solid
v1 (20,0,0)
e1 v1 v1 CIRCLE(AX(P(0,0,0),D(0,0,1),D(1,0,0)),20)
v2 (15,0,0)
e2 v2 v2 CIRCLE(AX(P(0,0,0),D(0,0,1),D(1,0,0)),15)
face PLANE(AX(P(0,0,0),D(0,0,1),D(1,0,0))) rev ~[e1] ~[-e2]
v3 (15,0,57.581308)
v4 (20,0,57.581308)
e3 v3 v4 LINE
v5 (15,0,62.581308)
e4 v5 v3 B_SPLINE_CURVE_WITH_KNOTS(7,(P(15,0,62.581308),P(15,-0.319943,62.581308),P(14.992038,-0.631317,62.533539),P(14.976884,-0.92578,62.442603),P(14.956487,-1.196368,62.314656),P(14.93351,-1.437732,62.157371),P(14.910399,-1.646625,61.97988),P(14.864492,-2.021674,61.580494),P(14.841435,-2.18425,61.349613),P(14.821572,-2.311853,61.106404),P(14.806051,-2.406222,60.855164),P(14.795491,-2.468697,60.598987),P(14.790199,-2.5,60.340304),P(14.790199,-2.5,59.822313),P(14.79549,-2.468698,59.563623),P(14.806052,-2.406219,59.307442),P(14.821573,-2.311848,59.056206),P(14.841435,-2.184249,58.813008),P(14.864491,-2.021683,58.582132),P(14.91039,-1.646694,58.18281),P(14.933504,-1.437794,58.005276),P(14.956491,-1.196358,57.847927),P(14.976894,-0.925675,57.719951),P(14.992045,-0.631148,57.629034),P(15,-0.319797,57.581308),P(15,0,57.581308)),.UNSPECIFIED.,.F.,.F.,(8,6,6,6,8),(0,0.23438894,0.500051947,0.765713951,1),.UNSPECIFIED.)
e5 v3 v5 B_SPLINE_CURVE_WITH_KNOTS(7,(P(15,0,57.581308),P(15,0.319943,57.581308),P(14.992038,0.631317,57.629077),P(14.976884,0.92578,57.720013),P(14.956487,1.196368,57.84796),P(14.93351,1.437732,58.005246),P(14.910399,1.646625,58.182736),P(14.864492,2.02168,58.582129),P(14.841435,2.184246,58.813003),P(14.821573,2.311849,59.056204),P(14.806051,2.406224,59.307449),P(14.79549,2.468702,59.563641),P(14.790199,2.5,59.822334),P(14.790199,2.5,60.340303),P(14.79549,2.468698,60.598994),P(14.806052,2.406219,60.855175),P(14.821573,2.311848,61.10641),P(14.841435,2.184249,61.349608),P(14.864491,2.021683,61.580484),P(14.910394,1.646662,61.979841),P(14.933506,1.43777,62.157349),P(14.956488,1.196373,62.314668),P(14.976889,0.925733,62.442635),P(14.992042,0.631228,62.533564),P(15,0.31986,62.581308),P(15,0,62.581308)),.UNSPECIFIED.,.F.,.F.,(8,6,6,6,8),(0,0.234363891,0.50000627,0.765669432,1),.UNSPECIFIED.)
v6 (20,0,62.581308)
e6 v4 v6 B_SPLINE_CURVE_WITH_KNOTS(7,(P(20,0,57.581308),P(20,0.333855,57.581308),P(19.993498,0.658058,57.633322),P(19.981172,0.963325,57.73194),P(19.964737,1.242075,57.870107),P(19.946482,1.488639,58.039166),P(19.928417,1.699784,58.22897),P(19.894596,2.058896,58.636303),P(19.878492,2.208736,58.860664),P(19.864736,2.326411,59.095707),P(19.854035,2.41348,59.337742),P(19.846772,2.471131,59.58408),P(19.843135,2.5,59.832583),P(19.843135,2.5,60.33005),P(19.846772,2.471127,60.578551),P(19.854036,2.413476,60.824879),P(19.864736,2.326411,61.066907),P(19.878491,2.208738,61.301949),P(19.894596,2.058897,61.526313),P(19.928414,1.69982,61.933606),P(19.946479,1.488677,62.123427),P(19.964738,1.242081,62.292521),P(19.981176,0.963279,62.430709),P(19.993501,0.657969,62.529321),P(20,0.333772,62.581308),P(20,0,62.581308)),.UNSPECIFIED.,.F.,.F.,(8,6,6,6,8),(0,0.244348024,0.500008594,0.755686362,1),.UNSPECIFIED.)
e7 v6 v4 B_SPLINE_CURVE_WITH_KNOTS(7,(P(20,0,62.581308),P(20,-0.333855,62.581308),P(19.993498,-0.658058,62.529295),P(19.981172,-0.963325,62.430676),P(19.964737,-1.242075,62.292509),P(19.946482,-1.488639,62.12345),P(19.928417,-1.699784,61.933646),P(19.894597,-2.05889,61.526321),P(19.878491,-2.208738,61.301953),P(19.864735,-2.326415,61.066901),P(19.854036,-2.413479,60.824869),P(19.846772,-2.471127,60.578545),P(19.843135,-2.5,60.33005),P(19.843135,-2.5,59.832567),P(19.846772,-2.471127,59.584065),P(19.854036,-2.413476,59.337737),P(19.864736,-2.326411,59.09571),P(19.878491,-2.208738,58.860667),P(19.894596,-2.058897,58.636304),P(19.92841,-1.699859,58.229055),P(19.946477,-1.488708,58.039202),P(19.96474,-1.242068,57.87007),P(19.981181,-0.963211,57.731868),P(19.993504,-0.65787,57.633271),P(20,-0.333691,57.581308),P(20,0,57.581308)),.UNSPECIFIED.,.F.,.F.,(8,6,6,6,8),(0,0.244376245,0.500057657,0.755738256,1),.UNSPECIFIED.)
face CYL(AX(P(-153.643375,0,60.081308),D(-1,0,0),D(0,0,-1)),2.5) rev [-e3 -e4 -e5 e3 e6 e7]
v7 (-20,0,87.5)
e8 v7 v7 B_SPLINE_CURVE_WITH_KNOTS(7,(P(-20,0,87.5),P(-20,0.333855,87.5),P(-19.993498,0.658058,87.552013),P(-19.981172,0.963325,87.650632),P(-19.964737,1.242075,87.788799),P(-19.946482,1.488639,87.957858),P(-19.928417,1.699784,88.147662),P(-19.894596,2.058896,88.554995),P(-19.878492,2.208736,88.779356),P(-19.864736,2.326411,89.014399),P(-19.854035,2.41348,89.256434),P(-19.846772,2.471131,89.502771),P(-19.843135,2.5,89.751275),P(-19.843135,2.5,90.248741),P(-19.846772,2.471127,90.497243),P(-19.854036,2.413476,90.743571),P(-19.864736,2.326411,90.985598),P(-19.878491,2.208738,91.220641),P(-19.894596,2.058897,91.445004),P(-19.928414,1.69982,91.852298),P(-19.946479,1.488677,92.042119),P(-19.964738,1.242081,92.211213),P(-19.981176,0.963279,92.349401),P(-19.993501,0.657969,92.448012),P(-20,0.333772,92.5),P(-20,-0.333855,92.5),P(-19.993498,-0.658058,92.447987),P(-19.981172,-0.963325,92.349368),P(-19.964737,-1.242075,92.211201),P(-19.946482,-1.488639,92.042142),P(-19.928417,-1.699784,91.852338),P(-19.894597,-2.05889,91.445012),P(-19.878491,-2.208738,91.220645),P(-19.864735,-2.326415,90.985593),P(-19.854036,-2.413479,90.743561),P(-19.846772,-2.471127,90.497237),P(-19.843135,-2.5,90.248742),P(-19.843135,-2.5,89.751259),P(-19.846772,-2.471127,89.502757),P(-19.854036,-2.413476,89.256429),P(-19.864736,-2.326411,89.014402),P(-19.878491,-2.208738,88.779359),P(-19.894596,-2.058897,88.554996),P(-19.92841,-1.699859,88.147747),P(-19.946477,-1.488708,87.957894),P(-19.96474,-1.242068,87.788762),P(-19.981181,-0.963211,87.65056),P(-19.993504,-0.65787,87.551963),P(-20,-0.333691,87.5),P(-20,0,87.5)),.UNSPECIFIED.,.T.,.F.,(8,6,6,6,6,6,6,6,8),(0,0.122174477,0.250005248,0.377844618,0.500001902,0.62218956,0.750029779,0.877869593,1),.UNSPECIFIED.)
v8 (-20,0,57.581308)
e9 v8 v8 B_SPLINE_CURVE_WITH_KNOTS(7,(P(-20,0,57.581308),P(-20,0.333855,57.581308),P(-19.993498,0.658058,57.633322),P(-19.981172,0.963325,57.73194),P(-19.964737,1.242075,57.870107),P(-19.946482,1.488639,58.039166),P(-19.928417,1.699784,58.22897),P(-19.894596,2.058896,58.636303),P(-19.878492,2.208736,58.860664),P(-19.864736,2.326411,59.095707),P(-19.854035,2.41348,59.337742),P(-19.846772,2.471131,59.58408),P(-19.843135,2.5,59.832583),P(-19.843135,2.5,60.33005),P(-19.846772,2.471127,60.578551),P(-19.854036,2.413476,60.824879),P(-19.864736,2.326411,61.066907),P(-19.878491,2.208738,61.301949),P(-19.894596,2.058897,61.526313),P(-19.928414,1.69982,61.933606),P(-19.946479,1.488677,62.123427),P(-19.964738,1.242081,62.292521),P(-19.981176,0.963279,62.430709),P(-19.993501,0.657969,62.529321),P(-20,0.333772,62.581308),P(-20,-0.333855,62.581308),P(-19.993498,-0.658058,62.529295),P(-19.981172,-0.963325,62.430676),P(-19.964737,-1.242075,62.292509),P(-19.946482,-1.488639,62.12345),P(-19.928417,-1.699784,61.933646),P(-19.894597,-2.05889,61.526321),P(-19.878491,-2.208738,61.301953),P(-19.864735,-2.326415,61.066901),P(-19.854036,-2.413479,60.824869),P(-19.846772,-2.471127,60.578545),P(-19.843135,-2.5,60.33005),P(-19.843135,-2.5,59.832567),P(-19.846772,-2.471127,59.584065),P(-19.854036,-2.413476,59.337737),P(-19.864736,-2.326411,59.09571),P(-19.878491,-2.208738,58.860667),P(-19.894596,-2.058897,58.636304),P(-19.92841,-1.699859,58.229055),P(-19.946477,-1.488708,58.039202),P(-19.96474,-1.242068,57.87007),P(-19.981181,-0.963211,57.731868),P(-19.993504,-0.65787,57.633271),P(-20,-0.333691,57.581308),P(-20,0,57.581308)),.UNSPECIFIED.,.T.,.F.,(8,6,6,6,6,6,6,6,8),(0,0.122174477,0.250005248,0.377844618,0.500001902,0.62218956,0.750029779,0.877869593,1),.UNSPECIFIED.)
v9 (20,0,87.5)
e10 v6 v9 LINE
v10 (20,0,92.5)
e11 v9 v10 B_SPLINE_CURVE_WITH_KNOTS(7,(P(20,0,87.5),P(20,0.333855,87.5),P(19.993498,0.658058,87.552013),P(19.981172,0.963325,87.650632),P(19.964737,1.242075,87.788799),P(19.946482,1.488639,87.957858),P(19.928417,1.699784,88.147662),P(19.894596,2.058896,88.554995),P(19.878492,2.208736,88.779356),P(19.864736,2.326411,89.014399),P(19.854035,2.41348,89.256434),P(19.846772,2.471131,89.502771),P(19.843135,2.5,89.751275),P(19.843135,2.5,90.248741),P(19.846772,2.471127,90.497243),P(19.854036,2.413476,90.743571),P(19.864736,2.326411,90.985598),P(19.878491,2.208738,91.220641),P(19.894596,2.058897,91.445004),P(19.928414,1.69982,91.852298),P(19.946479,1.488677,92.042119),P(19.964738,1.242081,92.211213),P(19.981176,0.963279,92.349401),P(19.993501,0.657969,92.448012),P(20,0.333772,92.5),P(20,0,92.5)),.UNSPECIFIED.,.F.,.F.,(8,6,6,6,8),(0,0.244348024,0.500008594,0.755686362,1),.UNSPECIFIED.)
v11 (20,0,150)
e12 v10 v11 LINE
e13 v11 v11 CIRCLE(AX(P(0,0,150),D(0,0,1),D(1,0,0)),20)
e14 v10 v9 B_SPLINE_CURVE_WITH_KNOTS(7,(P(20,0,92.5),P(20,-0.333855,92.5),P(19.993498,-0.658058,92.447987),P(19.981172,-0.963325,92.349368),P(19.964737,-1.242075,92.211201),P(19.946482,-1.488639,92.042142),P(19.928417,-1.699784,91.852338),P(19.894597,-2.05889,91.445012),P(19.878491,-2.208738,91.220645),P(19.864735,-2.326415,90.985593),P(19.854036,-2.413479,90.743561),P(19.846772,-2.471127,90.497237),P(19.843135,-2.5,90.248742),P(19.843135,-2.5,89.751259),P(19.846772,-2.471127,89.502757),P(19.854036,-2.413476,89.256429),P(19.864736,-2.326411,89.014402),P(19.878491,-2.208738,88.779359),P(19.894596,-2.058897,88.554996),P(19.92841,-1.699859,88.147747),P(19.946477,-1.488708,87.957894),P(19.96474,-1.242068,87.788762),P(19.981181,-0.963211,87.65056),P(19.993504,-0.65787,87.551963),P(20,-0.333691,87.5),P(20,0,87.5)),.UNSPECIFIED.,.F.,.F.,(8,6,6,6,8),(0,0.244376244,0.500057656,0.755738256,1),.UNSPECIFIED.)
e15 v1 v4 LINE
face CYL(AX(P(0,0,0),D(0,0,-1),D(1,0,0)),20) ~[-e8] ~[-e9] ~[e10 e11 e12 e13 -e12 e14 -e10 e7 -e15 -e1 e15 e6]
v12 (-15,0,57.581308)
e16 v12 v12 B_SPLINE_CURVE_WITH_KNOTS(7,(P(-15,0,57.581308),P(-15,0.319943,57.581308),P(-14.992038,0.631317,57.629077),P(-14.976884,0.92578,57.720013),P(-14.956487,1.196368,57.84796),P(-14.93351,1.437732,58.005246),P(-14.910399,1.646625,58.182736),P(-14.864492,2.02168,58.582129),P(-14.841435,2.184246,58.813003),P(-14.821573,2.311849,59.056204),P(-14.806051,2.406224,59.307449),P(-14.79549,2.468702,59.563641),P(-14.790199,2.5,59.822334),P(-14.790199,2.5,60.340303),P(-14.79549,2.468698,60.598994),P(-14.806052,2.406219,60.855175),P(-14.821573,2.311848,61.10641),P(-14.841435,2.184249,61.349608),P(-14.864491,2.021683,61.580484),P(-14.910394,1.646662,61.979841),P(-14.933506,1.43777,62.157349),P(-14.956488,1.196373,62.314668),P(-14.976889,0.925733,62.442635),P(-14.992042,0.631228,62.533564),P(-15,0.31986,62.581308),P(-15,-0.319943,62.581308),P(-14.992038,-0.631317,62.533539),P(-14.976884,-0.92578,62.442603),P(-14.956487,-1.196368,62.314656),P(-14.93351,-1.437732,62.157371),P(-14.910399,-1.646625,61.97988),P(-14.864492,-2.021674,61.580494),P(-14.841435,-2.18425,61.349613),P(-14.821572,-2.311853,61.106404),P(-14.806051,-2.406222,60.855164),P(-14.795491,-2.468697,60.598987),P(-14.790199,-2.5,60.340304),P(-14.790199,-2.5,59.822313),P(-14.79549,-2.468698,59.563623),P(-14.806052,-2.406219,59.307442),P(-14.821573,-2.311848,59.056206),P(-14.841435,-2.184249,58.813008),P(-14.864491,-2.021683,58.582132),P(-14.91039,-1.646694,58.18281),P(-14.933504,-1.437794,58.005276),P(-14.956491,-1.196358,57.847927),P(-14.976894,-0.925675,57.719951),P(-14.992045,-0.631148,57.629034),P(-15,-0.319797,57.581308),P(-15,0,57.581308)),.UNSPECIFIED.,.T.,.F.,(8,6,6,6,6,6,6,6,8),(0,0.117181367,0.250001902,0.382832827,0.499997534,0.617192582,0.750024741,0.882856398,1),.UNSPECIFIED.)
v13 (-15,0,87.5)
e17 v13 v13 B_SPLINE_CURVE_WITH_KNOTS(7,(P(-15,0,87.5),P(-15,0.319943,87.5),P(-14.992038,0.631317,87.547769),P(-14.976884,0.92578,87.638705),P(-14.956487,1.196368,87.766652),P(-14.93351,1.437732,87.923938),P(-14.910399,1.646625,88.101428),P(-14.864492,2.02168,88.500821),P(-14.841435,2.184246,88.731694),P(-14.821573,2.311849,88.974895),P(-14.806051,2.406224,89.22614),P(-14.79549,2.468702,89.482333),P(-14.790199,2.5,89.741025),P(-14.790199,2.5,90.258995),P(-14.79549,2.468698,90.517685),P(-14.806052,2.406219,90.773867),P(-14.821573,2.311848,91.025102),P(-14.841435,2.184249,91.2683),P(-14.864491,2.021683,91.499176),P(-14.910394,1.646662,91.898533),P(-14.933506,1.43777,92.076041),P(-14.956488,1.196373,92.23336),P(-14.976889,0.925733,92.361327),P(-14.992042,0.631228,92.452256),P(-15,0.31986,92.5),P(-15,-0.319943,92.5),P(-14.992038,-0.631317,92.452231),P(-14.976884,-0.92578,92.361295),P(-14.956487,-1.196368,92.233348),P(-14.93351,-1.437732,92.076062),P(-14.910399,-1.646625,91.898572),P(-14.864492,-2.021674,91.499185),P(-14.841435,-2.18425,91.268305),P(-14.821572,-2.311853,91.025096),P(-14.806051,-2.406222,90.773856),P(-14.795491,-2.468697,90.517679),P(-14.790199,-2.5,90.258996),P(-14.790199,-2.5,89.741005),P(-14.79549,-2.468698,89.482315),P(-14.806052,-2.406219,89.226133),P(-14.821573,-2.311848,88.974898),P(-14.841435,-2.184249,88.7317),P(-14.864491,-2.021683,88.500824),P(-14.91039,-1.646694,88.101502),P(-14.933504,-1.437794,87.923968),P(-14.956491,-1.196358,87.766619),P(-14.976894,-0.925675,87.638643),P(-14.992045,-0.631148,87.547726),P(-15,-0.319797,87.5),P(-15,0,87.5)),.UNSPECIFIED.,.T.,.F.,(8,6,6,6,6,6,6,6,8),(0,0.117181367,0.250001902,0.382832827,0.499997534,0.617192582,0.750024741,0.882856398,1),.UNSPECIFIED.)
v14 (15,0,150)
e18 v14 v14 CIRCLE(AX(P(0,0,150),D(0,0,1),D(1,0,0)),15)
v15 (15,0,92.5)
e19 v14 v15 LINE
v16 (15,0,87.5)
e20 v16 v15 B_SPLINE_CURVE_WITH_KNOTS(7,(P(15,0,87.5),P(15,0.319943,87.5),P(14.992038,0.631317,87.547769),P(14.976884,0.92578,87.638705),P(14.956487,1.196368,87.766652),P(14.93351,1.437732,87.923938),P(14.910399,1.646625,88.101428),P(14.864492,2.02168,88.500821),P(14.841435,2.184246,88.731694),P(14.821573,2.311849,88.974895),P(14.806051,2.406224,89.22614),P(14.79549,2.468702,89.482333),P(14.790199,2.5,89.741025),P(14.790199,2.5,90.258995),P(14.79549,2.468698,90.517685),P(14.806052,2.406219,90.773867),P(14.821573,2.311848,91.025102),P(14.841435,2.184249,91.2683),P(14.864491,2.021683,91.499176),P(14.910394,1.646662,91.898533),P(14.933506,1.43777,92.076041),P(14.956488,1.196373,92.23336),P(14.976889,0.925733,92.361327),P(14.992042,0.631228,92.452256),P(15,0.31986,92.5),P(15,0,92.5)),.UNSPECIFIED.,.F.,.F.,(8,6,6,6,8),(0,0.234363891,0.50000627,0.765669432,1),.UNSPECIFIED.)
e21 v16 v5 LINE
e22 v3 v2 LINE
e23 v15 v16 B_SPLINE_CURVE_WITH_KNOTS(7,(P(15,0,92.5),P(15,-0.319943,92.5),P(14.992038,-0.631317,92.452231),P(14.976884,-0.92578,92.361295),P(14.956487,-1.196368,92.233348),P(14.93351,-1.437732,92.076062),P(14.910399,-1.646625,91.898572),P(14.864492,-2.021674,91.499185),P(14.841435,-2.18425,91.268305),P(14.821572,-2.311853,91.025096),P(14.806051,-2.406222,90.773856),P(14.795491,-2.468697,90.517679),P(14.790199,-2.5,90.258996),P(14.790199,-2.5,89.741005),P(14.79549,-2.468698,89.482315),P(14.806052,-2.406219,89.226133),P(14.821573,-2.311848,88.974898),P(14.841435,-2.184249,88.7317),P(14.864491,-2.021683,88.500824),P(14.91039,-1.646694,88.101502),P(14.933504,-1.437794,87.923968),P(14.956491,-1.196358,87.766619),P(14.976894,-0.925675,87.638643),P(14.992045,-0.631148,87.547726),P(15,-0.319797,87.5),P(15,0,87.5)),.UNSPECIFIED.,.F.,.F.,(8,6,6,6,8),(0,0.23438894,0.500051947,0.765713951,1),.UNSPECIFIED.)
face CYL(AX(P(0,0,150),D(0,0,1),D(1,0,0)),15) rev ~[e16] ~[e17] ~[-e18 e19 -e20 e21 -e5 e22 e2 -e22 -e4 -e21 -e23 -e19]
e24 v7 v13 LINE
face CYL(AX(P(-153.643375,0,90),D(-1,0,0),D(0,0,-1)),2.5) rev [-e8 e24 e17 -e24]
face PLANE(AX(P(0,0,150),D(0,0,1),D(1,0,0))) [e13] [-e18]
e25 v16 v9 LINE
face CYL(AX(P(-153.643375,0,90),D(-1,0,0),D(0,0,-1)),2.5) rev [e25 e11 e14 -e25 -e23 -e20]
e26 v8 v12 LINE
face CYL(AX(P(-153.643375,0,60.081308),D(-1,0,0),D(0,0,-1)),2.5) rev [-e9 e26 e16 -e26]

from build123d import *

# Parameters (mm, degrees)
SKETCH1_R               = 20
BOSS_EXTRUDE1_DEPTH     = 150
SKETCH2_R               = 15
CUT_EXTRUDE1_DEPTH      = 150
CUT_EXTRUDE2_DEPTH      = 153.643375225
CUT_EXTRUDE2_DEPTH_BACK = 153.643375225
SKETCH3_R               = 2.5


with BuildPart() as part:
    # Sketch1 → Boss-Extrude1 (new body)
    with BuildSketch(Plane.XY):
        Circle(SKETCH1_R)
    extrude(amount=BOSS_EXTRUDE1_DEPTH)

    # Sketch2 → Cut-Extrude1 (cut)
    with BuildSketch(Plane.XY.offset(150)):
        Circle(SKETCH2_R)
    extrude(amount=-CUT_EXTRUDE1_DEPTH, mode=Mode.SUBTRACT)

    # Sketch3 → Cut-Extrude2 (cut, two sides: drawn at the far end of the back side and taken through both)
    with BuildSketch(Plane(origin=(0, 0, 0), x_dir=(0, 0, -1), z_dir=(1, 0, 0)).offset(-CUT_EXTRUDE2_DEPTH_BACK)):
        with Locations((-90, 0)):
            Circle(SKETCH3_R)
        with Locations((-60.081308212, 0)):
            Circle(SKETCH3_R)
    extrude(amount=CUT_EXTRUDE2_DEPTH + CUT_EXTRUDE2_DEPTH_BACK, mode=Mode.SUBTRACT)


solid = part.part
